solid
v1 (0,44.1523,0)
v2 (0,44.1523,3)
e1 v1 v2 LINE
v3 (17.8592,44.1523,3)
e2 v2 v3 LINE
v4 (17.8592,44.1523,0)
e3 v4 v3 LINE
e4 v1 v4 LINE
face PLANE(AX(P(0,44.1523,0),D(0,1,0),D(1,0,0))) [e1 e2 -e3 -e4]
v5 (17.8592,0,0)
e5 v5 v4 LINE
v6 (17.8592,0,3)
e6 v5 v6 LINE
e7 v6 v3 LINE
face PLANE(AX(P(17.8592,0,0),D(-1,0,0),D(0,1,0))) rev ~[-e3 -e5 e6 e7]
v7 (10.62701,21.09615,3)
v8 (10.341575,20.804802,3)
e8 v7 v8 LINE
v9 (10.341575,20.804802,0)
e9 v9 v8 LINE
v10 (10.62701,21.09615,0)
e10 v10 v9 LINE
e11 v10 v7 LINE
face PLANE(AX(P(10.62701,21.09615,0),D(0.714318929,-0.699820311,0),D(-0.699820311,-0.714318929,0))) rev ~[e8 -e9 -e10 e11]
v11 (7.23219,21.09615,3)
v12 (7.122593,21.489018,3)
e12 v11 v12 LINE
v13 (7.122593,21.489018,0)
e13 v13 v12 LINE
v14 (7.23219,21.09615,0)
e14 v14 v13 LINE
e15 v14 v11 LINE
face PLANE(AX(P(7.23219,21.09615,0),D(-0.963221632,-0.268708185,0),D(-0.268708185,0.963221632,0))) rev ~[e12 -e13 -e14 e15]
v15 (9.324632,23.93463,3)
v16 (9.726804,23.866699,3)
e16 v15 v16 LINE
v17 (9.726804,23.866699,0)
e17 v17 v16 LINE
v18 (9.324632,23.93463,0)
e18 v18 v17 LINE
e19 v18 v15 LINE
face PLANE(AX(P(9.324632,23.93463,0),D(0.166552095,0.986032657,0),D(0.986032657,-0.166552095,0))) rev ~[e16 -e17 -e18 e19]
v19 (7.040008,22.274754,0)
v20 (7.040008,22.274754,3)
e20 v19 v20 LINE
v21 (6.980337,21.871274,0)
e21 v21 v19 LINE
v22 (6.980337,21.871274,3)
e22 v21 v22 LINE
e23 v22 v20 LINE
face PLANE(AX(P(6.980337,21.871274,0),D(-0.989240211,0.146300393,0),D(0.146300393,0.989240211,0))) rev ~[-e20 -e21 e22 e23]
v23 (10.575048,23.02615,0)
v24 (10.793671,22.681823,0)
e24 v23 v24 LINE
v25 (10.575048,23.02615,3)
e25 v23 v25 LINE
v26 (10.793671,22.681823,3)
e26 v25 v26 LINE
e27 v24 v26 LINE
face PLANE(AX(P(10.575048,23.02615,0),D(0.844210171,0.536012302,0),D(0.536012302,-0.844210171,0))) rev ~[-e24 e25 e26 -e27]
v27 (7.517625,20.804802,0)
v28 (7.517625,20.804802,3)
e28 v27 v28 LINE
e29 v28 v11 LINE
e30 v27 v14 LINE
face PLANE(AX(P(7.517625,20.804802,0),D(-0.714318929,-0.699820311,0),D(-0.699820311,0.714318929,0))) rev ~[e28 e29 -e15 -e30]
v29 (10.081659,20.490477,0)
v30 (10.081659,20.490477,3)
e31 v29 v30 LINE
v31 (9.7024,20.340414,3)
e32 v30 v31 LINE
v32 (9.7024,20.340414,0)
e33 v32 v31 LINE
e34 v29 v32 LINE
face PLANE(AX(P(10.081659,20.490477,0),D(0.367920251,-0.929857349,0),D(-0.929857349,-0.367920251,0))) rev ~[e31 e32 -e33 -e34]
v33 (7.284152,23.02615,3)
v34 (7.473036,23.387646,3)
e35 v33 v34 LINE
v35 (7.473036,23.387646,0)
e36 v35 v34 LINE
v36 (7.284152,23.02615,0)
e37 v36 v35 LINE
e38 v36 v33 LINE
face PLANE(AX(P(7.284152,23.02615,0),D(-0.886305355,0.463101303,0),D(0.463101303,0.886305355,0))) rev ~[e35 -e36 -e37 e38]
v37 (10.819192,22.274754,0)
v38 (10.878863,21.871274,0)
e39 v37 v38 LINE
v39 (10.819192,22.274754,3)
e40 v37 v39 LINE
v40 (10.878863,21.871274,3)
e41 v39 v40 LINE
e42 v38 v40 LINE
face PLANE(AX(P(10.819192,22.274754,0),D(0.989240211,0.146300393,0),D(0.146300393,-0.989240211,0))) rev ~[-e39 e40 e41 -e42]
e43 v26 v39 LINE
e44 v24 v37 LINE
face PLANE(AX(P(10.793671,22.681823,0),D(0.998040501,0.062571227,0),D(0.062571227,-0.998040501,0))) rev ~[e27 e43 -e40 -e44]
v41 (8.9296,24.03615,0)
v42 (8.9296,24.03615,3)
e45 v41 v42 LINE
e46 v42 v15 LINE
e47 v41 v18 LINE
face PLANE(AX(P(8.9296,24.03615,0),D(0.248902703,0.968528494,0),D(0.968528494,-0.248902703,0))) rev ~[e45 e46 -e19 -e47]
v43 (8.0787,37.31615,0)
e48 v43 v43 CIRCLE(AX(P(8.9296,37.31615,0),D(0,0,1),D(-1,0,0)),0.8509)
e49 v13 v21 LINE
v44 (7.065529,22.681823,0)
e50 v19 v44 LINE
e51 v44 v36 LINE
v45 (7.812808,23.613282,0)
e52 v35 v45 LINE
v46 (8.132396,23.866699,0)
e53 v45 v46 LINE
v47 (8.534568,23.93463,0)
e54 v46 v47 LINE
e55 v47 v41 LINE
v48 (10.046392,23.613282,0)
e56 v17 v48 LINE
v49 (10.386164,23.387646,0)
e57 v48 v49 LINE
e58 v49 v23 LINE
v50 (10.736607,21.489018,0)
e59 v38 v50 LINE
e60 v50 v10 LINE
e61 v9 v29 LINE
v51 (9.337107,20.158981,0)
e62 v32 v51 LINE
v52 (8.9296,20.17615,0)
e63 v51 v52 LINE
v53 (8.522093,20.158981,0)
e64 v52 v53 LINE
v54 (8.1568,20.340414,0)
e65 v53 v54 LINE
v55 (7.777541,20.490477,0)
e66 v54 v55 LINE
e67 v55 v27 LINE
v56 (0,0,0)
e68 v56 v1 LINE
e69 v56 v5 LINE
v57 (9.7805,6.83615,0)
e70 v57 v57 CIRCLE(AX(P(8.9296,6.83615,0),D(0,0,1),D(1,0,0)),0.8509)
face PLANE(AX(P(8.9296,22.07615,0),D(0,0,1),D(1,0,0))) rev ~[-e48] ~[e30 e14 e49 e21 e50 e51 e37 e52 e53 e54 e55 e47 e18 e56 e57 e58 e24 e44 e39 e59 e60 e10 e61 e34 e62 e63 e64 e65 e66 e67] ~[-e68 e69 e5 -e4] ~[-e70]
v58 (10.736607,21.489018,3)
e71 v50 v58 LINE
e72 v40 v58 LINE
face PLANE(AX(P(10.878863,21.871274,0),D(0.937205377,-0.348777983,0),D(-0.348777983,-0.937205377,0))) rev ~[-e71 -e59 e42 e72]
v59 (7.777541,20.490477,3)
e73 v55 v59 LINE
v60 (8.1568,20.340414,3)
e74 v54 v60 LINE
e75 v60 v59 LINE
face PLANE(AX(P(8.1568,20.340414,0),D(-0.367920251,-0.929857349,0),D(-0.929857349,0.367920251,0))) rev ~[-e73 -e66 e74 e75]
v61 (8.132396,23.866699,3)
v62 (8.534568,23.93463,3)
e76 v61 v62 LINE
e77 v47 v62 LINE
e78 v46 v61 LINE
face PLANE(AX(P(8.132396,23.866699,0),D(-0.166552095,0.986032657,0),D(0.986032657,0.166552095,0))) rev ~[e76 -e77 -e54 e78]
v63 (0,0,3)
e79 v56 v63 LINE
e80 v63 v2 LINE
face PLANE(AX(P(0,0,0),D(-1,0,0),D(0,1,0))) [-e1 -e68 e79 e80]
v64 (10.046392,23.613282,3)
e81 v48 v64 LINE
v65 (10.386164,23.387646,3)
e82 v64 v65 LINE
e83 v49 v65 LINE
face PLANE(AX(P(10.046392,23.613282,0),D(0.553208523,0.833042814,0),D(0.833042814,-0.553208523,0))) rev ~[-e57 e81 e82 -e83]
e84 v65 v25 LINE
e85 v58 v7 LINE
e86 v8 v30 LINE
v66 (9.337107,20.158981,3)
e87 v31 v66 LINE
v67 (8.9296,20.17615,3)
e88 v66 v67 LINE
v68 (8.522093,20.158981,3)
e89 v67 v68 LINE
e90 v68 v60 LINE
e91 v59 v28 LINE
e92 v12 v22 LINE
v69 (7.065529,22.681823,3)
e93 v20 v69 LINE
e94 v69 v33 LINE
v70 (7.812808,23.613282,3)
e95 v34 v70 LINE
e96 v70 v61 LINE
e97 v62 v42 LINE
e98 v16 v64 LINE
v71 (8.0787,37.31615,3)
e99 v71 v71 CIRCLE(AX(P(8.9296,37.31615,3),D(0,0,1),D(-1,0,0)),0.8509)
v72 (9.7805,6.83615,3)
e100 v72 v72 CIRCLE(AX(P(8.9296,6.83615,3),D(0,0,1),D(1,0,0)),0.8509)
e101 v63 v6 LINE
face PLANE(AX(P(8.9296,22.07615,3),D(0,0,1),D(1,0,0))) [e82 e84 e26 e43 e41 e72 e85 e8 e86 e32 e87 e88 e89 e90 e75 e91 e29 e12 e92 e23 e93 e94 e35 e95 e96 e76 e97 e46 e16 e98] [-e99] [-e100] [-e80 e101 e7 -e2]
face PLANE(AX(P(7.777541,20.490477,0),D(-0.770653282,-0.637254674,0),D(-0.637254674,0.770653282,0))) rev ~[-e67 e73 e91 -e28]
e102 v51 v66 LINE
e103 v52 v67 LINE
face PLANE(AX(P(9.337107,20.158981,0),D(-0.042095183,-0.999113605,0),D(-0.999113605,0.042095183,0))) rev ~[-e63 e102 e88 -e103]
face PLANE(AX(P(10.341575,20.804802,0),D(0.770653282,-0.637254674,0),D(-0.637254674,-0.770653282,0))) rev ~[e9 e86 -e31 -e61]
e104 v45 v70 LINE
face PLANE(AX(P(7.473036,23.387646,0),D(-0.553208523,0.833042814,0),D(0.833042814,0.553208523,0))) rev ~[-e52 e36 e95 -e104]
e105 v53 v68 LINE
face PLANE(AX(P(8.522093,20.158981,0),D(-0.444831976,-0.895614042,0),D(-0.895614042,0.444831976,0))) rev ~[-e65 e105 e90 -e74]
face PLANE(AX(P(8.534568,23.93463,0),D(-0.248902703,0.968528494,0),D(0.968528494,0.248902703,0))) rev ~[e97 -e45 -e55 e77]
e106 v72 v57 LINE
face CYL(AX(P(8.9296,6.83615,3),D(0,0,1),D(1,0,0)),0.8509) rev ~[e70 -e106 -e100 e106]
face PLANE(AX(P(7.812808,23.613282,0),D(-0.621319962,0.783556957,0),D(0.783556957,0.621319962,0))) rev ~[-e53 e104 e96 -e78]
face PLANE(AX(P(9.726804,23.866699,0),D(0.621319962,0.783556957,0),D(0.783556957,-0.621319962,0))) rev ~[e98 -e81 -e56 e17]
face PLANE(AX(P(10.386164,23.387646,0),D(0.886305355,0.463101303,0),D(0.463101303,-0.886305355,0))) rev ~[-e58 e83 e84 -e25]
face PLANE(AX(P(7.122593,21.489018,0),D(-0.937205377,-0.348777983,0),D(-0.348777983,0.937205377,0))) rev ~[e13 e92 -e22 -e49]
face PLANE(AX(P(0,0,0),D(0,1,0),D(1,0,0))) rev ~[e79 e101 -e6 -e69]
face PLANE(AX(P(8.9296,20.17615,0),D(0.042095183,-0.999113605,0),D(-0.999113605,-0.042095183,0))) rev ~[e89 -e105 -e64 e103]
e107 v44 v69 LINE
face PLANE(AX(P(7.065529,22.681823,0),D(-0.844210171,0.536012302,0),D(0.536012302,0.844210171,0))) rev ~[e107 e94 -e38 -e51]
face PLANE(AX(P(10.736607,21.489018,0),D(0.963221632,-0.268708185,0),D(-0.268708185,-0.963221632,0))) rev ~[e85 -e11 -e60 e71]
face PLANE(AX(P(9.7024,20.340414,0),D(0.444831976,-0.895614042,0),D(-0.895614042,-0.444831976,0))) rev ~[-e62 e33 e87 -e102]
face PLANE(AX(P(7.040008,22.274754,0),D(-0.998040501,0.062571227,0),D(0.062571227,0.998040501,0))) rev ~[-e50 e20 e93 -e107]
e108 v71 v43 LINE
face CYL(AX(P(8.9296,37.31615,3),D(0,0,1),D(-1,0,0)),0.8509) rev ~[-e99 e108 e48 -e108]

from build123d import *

# Parameters (mm, degrees)
MODEL_W             = 17.8592
MODEL_H             = 44.1523
BOSS_EXTRUDE1_DEPTH = 3
SKETCH2_R           = 0.8509
CUT_EXTRUDE1_DEPTH  = 48.721867314


with BuildPart() as part:
    # Model → Boss-Extrude1 (new body)
    with BuildSketch(Plane.XY):
        with Locations((8.9296, 22.07615)):
            Rectangle(MODEL_W, MODEL_H)
        Polygon((8.9296, 24.03615), (9.324632213, 23.934630441), (9.72680382, 23.866699097), (10.046391979, 23.613282289), (10.386163858, 23.387645988), (10.575048267, 23.02615), (10.793670772, 22.681823309), (10.819191601, 22.27475408), (10.878862915, 21.871274212), (10.736607381, 21.489017711), (10.627009791, 21.09615), (10.341575168, 20.804801848), (10.081659094, 20.490476691), (9.702399622, 20.34041363), (9.337106914, 20.158980703), (8.9296, 20.17615), (8.522093086, 20.158980703), (8.156800378, 20.34041363), (7.777540906, 20.490476691), (7.517624832, 20.804801848), (7.232190209, 21.09615), (7.122592619, 21.489017711), (6.980337085, 21.871274212), (7.040008399, 22.27475408), (7.065529228, 22.681823309), (7.284151733, 23.02615), (7.473036142, 23.387645988), (7.812808021, 23.613282289), (8.13239618, 23.866699097), (8.534567787, 23.934630441), align=None, mode=Mode.SUBTRACT)
    extrude(amount=BOSS_EXTRUDE1_DEPTH)

    # Sketch2 → Cut-Extrude1 (cut, through all)
    with BuildSketch(Plane.XY.offset(3)):
        with Locations((8.9296, 6.83615)):
            Circle(SKETCH2_R)
        with Locations(Location((8.9296, 37.31615, 0), (0, 0, 180))):
            Circle(SKETCH2_R)
    extrude(amount=-CUT_EXTRUDE1_DEPTH, mode=Mode.SUBTRACT)


solid = part.part
